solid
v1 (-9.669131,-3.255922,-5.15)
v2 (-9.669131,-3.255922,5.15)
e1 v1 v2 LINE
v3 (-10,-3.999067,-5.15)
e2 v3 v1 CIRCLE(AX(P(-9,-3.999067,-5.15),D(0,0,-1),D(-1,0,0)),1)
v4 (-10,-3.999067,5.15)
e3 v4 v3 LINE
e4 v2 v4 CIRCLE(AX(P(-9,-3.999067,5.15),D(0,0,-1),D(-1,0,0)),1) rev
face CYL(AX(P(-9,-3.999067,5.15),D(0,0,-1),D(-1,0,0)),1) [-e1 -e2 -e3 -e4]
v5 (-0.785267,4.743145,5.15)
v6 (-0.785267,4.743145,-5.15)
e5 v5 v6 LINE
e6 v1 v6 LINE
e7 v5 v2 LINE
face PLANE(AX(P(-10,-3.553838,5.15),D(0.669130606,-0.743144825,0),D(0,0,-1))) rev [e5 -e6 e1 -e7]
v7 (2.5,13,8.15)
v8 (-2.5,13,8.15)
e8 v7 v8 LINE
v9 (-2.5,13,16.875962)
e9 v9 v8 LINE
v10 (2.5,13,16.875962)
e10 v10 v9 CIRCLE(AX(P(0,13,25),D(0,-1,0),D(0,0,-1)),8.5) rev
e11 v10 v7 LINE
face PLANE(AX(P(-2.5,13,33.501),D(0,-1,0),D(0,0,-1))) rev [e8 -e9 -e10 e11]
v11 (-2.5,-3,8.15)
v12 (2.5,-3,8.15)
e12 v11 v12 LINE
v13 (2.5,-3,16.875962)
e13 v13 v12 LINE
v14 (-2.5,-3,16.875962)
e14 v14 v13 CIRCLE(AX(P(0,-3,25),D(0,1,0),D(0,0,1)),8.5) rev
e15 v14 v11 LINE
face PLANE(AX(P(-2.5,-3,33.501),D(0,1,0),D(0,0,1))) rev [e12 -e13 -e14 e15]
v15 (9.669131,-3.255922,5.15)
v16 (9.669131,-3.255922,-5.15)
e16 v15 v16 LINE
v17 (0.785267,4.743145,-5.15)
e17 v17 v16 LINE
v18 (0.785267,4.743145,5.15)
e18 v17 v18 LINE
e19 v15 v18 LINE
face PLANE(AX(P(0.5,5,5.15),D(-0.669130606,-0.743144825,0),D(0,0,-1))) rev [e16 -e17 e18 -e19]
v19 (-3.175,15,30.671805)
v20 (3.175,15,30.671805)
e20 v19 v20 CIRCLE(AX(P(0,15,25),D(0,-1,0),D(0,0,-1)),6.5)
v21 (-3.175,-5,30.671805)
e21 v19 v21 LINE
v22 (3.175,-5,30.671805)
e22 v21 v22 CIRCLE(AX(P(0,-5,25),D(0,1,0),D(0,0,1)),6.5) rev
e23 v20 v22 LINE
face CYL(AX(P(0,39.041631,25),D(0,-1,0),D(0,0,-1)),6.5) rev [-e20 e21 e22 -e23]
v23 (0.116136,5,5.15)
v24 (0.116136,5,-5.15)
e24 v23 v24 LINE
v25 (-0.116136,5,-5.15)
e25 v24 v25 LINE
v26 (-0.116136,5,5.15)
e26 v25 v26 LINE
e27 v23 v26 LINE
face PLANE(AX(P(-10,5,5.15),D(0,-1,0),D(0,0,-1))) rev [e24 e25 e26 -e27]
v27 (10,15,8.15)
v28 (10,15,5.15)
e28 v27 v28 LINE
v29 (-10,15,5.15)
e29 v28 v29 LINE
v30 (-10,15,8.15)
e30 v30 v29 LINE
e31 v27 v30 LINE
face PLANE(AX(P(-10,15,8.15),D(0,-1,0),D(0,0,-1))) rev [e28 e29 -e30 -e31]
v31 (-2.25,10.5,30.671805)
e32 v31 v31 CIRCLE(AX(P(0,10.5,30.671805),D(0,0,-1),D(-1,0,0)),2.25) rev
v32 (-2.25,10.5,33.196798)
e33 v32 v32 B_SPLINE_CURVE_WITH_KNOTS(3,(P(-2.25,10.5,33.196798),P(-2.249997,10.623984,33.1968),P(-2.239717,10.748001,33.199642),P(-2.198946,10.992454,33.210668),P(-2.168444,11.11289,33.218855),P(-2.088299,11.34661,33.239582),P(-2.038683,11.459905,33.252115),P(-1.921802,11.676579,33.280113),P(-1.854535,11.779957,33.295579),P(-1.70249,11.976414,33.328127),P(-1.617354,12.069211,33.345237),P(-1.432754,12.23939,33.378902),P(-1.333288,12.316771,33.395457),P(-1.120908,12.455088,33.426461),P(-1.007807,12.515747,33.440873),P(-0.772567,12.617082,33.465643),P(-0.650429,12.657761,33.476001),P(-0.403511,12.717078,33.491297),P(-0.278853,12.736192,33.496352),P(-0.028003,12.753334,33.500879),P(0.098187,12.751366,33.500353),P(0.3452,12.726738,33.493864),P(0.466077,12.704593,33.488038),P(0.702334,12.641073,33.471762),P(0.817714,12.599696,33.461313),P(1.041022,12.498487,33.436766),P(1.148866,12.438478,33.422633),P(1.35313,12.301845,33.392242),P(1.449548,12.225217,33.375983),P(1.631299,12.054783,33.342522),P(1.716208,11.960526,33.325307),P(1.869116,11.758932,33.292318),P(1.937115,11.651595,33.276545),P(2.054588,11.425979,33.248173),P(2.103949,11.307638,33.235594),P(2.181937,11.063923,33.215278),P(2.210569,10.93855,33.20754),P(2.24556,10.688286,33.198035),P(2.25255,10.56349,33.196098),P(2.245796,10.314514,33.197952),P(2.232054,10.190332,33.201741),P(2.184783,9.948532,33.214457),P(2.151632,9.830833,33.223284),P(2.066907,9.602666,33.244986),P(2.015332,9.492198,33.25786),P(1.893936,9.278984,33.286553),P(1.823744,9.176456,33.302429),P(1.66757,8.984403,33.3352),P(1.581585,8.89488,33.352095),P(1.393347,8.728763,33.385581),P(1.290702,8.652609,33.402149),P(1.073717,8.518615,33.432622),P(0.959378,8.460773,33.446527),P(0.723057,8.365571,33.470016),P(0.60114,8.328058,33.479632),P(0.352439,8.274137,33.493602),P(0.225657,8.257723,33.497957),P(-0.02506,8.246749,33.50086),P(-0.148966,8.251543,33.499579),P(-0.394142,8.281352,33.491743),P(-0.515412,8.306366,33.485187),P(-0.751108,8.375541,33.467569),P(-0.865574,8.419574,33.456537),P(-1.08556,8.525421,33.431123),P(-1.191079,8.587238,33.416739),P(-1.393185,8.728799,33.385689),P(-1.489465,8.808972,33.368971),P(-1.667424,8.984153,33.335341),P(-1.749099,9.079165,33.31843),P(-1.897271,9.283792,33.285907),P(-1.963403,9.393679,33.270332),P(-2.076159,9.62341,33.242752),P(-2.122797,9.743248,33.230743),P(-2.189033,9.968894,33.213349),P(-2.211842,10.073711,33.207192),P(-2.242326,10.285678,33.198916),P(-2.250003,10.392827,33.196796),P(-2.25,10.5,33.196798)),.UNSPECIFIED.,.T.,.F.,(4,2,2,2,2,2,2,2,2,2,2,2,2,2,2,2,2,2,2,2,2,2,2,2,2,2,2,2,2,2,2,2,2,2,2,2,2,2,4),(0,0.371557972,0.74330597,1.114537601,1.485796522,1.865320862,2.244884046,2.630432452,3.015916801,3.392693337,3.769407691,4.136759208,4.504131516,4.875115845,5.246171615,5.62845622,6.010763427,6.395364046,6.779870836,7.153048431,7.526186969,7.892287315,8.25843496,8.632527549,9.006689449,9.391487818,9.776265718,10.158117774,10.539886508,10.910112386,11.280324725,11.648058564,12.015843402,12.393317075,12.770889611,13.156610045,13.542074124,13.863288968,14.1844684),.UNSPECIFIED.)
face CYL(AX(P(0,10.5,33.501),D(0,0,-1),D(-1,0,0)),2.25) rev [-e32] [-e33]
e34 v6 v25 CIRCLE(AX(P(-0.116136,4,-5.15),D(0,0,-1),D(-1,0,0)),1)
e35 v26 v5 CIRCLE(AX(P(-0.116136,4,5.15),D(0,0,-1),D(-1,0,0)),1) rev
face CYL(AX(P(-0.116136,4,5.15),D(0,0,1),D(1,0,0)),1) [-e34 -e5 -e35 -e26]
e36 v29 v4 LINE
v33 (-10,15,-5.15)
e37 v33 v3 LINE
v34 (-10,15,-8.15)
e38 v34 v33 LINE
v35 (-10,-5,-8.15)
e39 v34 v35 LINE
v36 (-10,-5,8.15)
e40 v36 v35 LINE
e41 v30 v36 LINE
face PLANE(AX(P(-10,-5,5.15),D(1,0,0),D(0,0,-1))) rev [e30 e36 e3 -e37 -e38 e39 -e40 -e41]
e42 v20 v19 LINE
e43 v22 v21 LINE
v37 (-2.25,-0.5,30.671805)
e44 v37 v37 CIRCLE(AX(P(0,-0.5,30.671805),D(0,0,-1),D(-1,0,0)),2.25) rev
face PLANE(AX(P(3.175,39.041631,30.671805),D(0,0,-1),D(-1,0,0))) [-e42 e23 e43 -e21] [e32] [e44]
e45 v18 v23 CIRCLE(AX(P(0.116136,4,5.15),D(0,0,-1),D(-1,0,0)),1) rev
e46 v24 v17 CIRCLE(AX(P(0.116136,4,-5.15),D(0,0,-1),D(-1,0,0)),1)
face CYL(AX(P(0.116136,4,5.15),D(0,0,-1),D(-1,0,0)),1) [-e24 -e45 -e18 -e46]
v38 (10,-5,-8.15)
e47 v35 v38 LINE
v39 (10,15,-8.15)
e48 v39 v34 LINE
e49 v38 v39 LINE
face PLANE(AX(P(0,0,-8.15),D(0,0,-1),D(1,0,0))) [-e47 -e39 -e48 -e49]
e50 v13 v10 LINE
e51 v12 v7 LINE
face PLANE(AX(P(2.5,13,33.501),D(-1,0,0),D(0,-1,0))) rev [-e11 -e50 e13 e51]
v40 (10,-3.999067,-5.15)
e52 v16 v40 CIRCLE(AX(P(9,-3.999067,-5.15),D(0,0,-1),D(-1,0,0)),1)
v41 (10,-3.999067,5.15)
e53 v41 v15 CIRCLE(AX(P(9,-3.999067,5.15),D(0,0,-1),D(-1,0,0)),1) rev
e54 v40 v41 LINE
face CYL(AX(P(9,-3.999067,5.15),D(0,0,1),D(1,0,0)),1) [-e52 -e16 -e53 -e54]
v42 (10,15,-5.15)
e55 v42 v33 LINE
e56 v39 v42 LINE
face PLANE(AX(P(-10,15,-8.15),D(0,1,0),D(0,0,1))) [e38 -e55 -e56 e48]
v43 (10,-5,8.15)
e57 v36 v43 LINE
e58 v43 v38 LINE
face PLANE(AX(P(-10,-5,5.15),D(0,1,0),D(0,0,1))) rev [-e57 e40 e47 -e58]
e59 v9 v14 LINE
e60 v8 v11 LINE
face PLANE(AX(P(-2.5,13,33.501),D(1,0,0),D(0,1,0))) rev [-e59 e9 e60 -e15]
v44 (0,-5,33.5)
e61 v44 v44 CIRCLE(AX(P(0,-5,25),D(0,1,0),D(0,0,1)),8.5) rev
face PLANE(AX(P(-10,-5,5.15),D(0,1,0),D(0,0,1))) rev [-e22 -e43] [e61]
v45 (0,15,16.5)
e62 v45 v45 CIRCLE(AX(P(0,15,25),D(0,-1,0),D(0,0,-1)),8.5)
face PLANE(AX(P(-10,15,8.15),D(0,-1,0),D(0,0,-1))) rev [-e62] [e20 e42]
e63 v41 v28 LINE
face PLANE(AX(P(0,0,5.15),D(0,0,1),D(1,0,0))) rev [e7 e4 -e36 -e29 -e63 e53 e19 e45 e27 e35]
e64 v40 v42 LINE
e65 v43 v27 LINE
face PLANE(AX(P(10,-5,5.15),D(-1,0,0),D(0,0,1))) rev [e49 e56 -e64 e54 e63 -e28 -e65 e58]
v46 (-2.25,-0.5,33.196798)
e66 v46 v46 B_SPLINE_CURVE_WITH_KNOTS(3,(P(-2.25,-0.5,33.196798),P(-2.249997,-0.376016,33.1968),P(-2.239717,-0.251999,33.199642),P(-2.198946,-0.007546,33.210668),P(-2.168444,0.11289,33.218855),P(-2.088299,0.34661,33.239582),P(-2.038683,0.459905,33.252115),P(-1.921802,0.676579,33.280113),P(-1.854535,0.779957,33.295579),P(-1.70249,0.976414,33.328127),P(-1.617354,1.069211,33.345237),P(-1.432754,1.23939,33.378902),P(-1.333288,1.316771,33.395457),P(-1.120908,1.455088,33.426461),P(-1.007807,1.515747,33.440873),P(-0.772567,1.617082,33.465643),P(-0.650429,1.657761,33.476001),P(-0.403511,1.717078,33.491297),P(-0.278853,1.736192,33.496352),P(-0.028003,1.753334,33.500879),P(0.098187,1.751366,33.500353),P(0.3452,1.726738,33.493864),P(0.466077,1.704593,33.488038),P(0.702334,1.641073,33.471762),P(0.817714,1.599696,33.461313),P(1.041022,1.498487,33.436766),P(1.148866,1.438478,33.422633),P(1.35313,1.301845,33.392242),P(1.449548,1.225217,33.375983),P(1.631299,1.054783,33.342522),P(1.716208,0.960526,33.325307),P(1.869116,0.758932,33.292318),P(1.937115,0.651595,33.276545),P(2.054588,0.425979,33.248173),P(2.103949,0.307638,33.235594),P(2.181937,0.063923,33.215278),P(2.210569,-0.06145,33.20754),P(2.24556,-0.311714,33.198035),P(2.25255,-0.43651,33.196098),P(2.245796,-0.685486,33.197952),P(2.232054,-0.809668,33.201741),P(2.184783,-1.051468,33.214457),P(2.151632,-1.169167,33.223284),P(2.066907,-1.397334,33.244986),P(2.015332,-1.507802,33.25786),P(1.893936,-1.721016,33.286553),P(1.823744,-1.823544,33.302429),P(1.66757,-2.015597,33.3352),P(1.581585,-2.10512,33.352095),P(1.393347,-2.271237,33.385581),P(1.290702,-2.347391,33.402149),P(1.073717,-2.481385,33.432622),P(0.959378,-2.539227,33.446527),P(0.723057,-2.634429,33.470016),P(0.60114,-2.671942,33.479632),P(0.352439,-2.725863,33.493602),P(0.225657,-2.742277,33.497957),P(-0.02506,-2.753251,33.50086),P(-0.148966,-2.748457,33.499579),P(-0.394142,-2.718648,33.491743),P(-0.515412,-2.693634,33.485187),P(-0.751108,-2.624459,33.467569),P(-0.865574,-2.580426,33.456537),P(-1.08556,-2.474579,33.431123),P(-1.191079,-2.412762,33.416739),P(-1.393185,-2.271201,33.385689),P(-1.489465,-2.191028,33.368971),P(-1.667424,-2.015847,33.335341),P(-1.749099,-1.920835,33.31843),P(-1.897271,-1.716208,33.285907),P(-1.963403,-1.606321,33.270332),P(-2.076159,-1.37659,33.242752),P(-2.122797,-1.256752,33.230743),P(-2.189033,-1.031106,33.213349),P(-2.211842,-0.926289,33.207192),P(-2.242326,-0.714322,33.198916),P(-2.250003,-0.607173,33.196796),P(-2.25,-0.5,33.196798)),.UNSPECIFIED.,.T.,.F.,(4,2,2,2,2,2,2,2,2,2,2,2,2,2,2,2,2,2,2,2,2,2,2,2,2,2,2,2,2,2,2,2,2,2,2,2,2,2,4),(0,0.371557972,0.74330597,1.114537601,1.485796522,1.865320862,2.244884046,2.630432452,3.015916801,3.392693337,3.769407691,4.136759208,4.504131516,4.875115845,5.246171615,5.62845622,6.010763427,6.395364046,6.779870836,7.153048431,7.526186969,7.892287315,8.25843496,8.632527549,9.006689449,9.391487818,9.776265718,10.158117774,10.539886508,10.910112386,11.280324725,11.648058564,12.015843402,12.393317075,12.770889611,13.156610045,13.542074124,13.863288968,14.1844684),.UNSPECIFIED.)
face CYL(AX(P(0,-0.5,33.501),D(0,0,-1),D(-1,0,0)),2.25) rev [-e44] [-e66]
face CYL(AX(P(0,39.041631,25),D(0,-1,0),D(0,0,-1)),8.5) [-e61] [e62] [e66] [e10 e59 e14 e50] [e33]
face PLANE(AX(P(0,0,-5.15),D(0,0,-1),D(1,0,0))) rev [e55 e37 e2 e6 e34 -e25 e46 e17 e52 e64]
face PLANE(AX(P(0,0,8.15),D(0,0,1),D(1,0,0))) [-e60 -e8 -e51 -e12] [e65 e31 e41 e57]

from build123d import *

# Parameters (mm, degrees)
SKETCH2_W                       = 20
SKETCH2_H                       = 10
BOSS_EXTRUDE1_DEPTH             = 5.15
CHAMFER1_SIZE                   = 9.5
CHAMFER1_SIZE2                  = 8.553838421
FILLET3_R                       = 1
SKETCH3_W                       = 20
SKETCH3_H                       = 20
BOSS_EXTRUDE2_DEPTH             = 3
BOSS_EXTRUDE3_REACH             = 21.784
SKETCH6_R                       = 8.5
BOSS_EXTRUDE3_DIRECTION_2_REACH = 21.784
BOSS_EXTRUDE4_REACH             = 33.107
BOSS_EXTRUDE4_END_RADIUS        = 8.5
SKETCH5_W                       = 5
SKETCH5_H                       = 16
CUT_EXTRUDE1_REACH              = 35.428
CUT_EXTRUDE1_END_RADIUS         = 8.5
SKETCH7_R                       = 2.25


with BuildPart() as part:
    # Sketch2 → Boss-Extrude1 (new, symmetric)
    with BuildSketch(Plane.XY):
        Rectangle(SKETCH2_W, SKETCH2_H)
    extrude(amount=BOSS_EXTRUDE1_DEPTH, both=True)

    # Chamfer1
    chamfer1_edges = [part.edges().sort_by_distance(p)[0] for p in [
        (-10, 5, 0),
        (10, 5, 0),
    ]]
    chamfer1_side = [part.faces().sort_by_distance(p)[0] for p in [
        (0, 5, 0),
    ]]
    chamfer(chamfer1_edges, length=CHAMFER1_SIZE, length2=CHAMFER1_SIZE2, reference=chamfer1_side[0])

    # Fillet3
    fillet3_edges = [part.edges().sort_by_distance(p)[0] for p in [
        (-0.5, 5, 0),
        (0.5, 5, 0),
        (10, -3.553838421, 0),
        (-10, -3.553838421, 0),
    ]]
    fillet(fillet3_edges, radius=FILLET3_R)

    # Sketch3 → Boss-Extrude2 (add)
    with BuildSketch(Plane.XY.offset(5.15)):
        with Locations((0, 5)):
            Rectangle(SKETCH3_W, SKETCH3_H)
    boss_extrude2 = extrude(amount=BOSS_EXTRUDE2_DEPTH)

    # Mirror1: Boss-Extrude2 across plane
    add(boss_extrude2.mirror(Plane.XY))


with BuildPart() as body_2:

    # Boss-Extrude3: up to this face of the body (flat: up to its plane)
    boss_extrude3_end = Plane(part.part.faces().sort_by_distance((0, 15, 6.65))[0])
    # Sketch6 → Boss-Extrude3 (new, up to the picked face)
    with BuildSketch(Plane(origin=(0, 0, 0), x_dir=(1, 0, 0), z_dir=(0, 1, 0)), mode=Mode.PRIVATE) as boss_extrude3_sk1:
        with Locations(Location((0, -25, 0), (0, 0, 90))):
            Circle(SKETCH6_R)
        with BuildLine():
            Line((3.175, -30.671805268), (-3.175, -30.671805268))
            ThreePointArc((-3.175, -30.671805268), (0, -18.5), (3.175, -30.671805268))
        make_face(mode=Mode.SUBTRACT)
    boss_extrude3_tool1 = split(extrude(boss_extrude3_sk1.sketch, amount=BOSS_EXTRUDE3_REACH, mode=Mode.PRIVATE), bisect_by=boss_extrude3_end, keep=Keep.BOTH, mode=Mode.PRIVATE)
    add(boss_extrude3_tool1.solids().sort_by(Axis((0, 0, 33.259584), (0, 1, 0)))[0])


    # Boss-Extrude3 direction 2: up to this face of the body (flat: up to its plane)
    boss_extrude3_direction_2_end = Plane(part.part.faces().sort_by_distance((0, -5, 0))[0])
    # Sketch6 → Boss-Extrude3 direction 2 (add, up to the picked face)
    with BuildSketch(Plane(origin=(0, 0, 0), x_dir=(1, 0, 0), z_dir=(0, 1, 0)), mode=Mode.PRIVATE) as boss_extrude3_direction_2_sk1:
        with Locations(Location((0, -25, 0), (0, 0, 90))):
            Circle(SKETCH6_R)
        with BuildLine():
            Line((3.175, -30.671805268), (-3.175, -30.671805268))
            ThreePointArc((-3.175, -30.671805268), (0, -18.5), (3.175, -30.671805268))
        make_face(mode=Mode.SUBTRACT)
    boss_extrude3_direction_2_tool1 = split(extrude(boss_extrude3_direction_2_sk1.sketch, amount=-BOSS_EXTRUDE3_DIRECTION_2_REACH, mode=Mode.PRIVATE), bisect_by=boss_extrude3_direction_2_end, keep=Keep.BOTH, mode=Mode.PRIVATE)
    add(boss_extrude3_direction_2_tool1.solids().sort_by(Axis((0, 0, 33.259584), (0, -1, 0)))[0])


with BuildPart() as part_1:
    add(part.part)

    add(body_2.part)  # Boss-Extrude4 merges body 2
    # Boss-Extrude4: up to this cylinder (the profile starts outside it)
    boss_extrude4_end = Plane(origin=(0, 5, 25), z_dir=(0, -1, 0)) * Cylinder(BOSS_EXTRUDE4_END_RADIUS, 84.214, mode=Mode.PRIVATE)
    # Sketch5 → Boss-Extrude4 (add, up to the surface)
    with BuildSketch(Plane.XY.offset(8.15), mode=Mode.PRIVATE) as boss_extrude4_sk1:
        with Locations((0, 5)):
            Rectangle(SKETCH5_W, SKETCH5_H)
    boss_extrude4_tool1 = extrude(boss_extrude4_sk1.sketch, amount=BOSS_EXTRUDE4_REACH, mode=Mode.PRIVATE) - boss_extrude4_end
    add(boss_extrude4_tool1.solids().sort_by_distance((0, 5, 8.15))[0])

    # Cut-Extrude1: up to this cylinder (the profile starts inside it)
    cut_extrude1_end = Plane(origin=(0, 5, 25), z_dir=(0, -1, 0)) * Cylinder(CUT_EXTRUDE1_END_RADIUS, 99.856, mode=Mode.PRIVATE)
    # Sketch7 → Cut-Extrude1 (cut, up to the surface)
    with BuildSketch(Plane.XY.offset(20), mode=Mode.PRIVATE) as cut_extrude1_sk1:
        with Locations(Location((0, 10.5, 0), (0, 0, 180))):
            Circle(SKETCH7_R)
    cut_extrude1_tool1 = extrude(cut_extrude1_sk1.sketch, amount=CUT_EXTRUDE1_REACH, mode=Mode.PRIVATE) & cut_extrude1_end
    add(cut_extrude1_tool1.solids().sort_by_distance((0, 10.5, 20))[0], mode=Mode.SUBTRACT)
    # Sketch7 → Cut-Extrude1 (cut, up to the surface)
    with BuildSketch(Plane.XY.offset(20), mode=Mode.PRIVATE) as cut_extrude1_sk2:
        with Locations(Location((0, -0.5, 0), (0, 0, 180))):
            Circle(SKETCH7_R)
    cut_extrude1_tool2 = extrude(cut_extrude1_sk2.sketch, amount=CUT_EXTRUDE1_REACH, mode=Mode.PRIVATE) & cut_extrude1_end
    add(cut_extrude1_tool2.solids().sort_by_distance((0, -0.5, 20))[0], mode=Mode.SUBTRACT)


solid = part_1.part
